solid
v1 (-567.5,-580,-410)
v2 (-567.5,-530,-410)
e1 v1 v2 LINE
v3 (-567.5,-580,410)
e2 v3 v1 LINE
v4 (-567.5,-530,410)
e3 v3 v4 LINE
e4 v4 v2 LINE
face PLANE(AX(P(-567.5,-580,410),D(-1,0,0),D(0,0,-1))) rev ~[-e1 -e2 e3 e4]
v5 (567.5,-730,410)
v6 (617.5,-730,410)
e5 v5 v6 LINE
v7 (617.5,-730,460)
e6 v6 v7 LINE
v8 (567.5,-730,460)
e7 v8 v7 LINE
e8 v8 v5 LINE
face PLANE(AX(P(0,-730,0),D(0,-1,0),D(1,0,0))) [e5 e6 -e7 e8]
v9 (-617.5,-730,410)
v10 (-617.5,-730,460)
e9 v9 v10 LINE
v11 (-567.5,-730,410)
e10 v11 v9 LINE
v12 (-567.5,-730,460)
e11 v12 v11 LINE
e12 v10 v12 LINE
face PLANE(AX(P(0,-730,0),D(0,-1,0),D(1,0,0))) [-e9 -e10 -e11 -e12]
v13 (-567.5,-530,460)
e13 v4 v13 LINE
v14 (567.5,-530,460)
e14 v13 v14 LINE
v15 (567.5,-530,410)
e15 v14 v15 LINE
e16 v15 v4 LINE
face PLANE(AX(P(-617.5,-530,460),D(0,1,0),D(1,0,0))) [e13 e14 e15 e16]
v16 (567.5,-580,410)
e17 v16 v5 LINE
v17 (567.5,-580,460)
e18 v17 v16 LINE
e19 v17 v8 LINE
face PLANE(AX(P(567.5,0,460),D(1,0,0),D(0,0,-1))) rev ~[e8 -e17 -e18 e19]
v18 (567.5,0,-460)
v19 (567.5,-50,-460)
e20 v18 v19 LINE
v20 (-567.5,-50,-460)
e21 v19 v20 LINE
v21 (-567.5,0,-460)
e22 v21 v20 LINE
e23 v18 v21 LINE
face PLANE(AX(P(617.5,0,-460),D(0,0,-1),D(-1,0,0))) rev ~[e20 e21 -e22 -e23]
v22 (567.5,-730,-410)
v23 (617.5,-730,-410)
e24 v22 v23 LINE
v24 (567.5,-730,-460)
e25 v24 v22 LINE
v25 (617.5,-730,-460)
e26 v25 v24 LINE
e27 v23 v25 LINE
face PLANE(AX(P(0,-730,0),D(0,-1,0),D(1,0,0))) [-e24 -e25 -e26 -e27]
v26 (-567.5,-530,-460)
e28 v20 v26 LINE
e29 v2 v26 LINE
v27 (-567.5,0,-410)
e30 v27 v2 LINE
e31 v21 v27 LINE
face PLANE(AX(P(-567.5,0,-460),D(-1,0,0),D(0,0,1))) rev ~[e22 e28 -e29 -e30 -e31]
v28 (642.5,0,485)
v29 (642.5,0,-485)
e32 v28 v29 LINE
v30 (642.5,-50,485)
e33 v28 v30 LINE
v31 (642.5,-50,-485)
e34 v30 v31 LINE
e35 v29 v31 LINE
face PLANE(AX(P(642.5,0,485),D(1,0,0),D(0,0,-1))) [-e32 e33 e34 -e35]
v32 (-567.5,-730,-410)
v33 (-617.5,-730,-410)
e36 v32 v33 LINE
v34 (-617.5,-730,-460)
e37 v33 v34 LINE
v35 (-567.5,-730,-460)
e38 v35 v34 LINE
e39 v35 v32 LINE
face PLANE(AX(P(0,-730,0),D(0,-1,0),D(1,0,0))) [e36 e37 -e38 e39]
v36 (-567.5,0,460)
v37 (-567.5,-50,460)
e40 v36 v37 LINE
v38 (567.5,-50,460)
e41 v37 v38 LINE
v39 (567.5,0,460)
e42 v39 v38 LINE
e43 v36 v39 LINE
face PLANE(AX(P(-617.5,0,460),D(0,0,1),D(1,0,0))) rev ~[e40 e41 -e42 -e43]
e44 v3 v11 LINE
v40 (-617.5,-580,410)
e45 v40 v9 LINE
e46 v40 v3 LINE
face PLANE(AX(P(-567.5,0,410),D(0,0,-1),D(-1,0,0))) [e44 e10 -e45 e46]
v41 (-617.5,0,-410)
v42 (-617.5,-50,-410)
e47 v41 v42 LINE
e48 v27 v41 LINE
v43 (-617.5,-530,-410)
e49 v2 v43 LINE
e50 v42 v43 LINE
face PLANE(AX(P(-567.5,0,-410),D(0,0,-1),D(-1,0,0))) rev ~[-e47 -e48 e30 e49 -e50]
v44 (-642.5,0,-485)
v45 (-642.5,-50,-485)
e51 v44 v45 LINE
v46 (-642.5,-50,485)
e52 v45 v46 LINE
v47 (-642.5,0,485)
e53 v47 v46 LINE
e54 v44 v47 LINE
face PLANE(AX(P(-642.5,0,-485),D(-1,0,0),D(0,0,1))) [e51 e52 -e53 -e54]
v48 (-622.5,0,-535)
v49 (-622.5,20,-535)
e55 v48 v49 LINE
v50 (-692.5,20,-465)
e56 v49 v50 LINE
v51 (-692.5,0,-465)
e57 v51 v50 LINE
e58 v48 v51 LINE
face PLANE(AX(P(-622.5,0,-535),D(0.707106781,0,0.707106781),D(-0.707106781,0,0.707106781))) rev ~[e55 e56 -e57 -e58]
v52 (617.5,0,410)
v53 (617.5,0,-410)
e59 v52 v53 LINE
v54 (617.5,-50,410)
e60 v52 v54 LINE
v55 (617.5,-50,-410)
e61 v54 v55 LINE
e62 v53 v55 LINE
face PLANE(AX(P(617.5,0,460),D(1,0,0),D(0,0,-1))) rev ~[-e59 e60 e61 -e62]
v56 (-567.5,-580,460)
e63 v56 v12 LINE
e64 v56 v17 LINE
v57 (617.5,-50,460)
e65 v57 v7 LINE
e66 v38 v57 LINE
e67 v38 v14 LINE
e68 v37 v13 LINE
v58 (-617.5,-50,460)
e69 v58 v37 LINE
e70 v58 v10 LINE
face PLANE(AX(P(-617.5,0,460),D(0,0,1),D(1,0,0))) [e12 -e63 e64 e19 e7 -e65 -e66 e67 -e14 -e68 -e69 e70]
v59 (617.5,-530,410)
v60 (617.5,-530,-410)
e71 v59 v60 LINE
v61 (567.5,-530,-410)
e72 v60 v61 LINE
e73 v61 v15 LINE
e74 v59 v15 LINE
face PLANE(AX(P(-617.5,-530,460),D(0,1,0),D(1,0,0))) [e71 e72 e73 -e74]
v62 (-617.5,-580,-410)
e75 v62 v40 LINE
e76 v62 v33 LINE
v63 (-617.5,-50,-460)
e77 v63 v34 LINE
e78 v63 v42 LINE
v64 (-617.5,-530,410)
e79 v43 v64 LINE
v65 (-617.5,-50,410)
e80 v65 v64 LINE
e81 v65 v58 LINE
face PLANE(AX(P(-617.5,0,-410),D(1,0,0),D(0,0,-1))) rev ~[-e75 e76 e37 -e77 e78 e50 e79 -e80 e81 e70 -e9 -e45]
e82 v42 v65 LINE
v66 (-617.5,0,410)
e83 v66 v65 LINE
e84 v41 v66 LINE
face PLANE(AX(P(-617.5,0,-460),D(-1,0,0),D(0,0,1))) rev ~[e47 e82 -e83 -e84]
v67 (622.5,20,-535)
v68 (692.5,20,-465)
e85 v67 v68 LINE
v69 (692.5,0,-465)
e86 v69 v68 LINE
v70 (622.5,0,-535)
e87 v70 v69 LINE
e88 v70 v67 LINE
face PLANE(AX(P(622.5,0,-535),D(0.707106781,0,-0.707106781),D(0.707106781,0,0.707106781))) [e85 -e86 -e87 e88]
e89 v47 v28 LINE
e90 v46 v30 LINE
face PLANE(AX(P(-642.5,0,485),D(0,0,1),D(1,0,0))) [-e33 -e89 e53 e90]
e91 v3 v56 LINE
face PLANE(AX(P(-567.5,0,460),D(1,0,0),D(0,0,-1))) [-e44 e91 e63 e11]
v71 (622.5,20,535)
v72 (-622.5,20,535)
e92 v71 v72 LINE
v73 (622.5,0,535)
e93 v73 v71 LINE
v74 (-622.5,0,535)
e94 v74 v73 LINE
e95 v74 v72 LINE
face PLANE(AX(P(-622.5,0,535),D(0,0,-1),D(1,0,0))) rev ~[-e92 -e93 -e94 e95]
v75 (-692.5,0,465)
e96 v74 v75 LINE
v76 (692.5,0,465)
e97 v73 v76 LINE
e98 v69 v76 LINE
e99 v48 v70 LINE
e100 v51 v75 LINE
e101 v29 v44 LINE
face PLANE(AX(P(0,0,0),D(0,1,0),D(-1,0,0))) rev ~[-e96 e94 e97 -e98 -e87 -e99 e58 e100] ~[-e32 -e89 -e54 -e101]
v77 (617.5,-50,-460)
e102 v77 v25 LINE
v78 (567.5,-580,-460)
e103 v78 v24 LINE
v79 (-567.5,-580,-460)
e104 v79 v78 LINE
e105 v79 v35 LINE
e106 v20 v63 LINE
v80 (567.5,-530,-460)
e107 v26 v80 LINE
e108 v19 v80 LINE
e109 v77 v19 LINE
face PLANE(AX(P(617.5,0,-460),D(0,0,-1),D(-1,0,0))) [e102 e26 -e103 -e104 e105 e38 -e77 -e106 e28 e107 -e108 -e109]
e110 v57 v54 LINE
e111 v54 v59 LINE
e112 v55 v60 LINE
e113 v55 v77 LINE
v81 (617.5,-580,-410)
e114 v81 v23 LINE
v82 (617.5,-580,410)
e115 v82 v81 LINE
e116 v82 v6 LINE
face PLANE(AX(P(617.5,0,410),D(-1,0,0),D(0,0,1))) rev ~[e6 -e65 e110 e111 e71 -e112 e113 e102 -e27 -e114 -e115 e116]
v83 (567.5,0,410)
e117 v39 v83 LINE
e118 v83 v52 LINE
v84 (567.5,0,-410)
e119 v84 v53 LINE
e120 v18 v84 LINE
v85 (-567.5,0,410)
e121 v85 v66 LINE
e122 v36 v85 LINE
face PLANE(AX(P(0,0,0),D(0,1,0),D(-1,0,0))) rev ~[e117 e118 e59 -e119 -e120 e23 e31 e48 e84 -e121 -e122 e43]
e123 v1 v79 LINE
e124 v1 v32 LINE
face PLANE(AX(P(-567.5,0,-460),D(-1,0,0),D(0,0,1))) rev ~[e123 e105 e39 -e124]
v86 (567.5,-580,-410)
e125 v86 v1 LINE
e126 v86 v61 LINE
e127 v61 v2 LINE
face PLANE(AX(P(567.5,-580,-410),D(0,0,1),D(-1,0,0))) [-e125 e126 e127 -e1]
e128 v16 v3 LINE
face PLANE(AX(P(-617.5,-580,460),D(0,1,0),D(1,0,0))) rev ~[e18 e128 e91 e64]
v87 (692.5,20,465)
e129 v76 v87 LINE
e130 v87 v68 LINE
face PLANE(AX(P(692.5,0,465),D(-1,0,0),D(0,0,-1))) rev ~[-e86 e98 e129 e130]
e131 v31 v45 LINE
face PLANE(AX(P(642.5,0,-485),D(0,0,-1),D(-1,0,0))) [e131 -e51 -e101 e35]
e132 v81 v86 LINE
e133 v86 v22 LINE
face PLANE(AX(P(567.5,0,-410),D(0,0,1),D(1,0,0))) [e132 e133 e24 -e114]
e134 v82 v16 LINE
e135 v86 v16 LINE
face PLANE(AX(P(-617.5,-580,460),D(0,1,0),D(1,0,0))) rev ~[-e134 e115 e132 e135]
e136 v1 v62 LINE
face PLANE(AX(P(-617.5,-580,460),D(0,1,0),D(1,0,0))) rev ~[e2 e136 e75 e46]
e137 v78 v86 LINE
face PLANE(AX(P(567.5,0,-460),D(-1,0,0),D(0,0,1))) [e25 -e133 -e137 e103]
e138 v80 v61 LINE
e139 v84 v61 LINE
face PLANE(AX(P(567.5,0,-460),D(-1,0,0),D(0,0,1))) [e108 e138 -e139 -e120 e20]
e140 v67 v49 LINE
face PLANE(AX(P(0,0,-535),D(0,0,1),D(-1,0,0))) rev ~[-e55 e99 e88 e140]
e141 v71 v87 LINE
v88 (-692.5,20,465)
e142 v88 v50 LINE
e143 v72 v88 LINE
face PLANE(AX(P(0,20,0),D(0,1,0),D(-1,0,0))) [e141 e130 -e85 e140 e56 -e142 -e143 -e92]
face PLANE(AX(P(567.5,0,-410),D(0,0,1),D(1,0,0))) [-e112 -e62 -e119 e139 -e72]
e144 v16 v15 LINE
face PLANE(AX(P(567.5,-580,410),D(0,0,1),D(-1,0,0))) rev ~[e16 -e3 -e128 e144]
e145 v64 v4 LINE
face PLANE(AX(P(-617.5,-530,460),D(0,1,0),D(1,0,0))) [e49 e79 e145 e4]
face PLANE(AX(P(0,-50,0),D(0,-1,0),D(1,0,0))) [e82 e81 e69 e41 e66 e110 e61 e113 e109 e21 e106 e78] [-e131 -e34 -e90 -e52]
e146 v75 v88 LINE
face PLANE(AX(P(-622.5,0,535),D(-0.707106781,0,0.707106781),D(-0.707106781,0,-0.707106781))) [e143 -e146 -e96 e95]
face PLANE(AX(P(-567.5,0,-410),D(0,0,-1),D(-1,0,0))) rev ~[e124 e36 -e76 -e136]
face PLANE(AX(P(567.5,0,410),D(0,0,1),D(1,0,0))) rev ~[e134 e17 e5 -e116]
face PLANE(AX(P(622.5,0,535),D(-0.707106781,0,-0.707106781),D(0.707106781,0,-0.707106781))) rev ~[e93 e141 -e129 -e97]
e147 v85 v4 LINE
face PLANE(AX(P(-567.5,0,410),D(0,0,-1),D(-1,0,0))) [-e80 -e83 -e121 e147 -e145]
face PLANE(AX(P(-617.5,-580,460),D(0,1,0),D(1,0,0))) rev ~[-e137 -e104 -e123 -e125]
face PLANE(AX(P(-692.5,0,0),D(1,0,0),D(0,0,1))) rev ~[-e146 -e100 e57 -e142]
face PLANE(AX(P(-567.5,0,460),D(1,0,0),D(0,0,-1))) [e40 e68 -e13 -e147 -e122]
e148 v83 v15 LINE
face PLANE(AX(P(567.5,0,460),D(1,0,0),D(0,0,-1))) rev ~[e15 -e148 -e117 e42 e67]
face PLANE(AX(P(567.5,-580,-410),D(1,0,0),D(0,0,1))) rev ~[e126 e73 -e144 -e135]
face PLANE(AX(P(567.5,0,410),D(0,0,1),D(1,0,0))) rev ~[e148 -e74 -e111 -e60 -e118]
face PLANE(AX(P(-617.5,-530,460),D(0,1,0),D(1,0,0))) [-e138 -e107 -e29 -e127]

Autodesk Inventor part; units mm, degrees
ref_plane "YZ Plane" through (0, 0, 0) normal (1, 0, 0) x (0, 1, 0)
ref_plane "XZ Plane" through (0, 0, 0) normal (0, 1, 0) x (-1, 0, 0)
sketch "Boceto1" plane through (0, 0, 0) normal (0, 1, 0) x (-1, 0, 0)
  line L0 (692.5, 535) -> (-692.5, 535)
  line L1 (-692.5, 535) -> (-692.5, -535)
  line L2 (-692.5, -535) -> (692.5, -535)
  line L3 (692.5, -535) -> (692.5, 535)
  line L4 (622.5, 535) -> (692.5, 465)
  line L5 (692.5, 0) -> (-692.5, 0)
  line L6 (0, 535) -> (0, -535)
  line L7 (622.5, -535) -> (692.5, -465)
  line L8 (-622.5, 535) -> (-692.5, 465)
  line L9 (-622.5, -535) -> (-692.5, -465)
  arc A0 (-507.7191, -338.4764) -> (-457.7841, -385.927) centre (-457.7841, -335.927) ccw projected
  line L10 (-457.7841, -385.927) -> (492.0857, -385.927) projected
  arc A1 (492.0857, -385.927) -> (542.0206, -333.3776) centre (492.0857, -335.927) ccw projected
  line L11 (542.0206, -333.3776) -> (507.8137, 336.6224) projected
  arc A2 (507.8137, 336.6224) -> (457.8787, 384.073) centre (457.8787, 334.073) ccw projected
  line L12 (457.8787, 384.073) -> (-491.991, 384.073) projected
  arc A3 (-491.991, 384.073) -> (-541.926, 331.5236) centre (-491.991, 334.073) ccw projected
  line L13 (-541.926, 331.5236) -> (-507.7191, -338.4764) projected
  point P0 (0, 0)
  point P1 (-692.5, -465)
  point P2 (622.5, -535)
  point P3 (692.5, -465)
  dimension "d0" = 1070
  dimension "d1" = 1385
  dimension "d2" = 692.5
  dimension "d3" = 535
  dimension "d4" = 70
  dimension "d5" = 70
  dimension "d27" = 770
extrude "Extrusión1" add sketch "Boceto1" along normal blind 20 contours L4 L3 L5 L11 A2 L12 L6 L0 | L6 L12 A3 L13 L5 L1 L8 L0 | L3 L7 L2 L6 L10 A1 L11 L5 | L12 A2 L11 L5 L6 | L6 L5 L13 A3 L12 | L11 A1 L10 L6 L5 | L6 L10 A0 L13 L5 | L5 L13 A0 L10 L6 L2 L9 L1
sketch "Boceto2" plane through (0, 0, 0) normal (0, -1, 0) x (1, 0, 0)
  line L0 (-642.5, 485) -> (642.5, 485)
  line L1 (642.5, 485) -> (642.5, -485)
  line L2 (642.5, -485) -> (-642.5, -485)
  line L3 (-642.5, -485) -> (-642.5, 485)
  line L4 (-622.5, 535) -> (622.5, 535) projected
  line L5 (-692.5, -465) -> (-692.5, 465) projected
  line L6 (622.5, -535) -> (-622.5, -535) projected
  line L7 (692.5, 465) -> (692.5, -465) projected
  line L8 (-617.5, 460) -> (617.5, 460)
  line L9 (617.5, 460) -> (617.5, -460)
  line L10 (617.5, -460) -> (-617.5, -460)
  line L11 (-617.5, -460) -> (-617.5, 460)
  point P0 (0, 0)
  dimension "d8" = 50
  dimension "d9" = 50
  dimension "d10" = 50
  dimension "d11" = 50
  dimension "d12" = 25
  dimension "d13" = 25
  dimension "d14" = 25
  dimension "d15" = 25
extrude "Extrusión2" add sketch "Boceto2" along normal blind 50
sketch "Boceto3" plane through (0, 0, 0) normal (0, -1, 0) x (1, 0, 0)
  line L0 (-617.5, 460) -> (617.5, 460) projected
  line L1 (-617.5, 460) -> (-567.5, 460)
  line L2 (-567.5, 460) -> (-567.5, 410)
  line L3 (-567.5, 410) -> (-617.5, 410)
  line L4 (-617.5, 410) -> (-617.5, 460)
  line L5 (0, 460) -> (0, -460)
  line L6 (617.5, -460) -> (-617.5, -460) projected
  line L7 (-617.5, 460) -> (-617.5, -460) projected
  line L8 (-617.5, 0) -> (472.5, 0)
  line L9 (617.5, 460) -> (567.5, 460)
  line L10 (567.5, 460) -> (567.5, 410)
  line L11 (567.5, 410) -> (617.5, 410)
  line L12 (617.5, 410) -> (617.5, 460)
  line L13 (-617.5, -460) -> (-567.5, -460)
  line L14 (-567.5, -460) -> (-567.5, -410)
  line L15 (-567.5, -410) -> (-617.5, -410)
  line L16 (-617.5, -410) -> (-617.5, -460)
  line L17 (617.5, -460) -> (567.5, -460)
  line L18 (567.5, -460) -> (567.5, -410)
  line L19 (567.5, -410) -> (617.5, -410)
  line L20 (617.5, -410) -> (617.5, -460)
  point P0 (0, 0)
  point P1 (567.5, 460)
  point P2 (567.5, -460)
  point P3 (-617.5, -410)
  point P4 (-567.5, -460)
  dimension "d18" = 50
  dimension "d19" = 50
extrude "Extrusión3" add sketch "Boceto3" along normal blind 730 contours L0 L12 L11 L10 | L18 L19 L20 L6 | L0 L2 L3 L4 | L15 L14 L6 L7
sketch "Boceto4" plane through (-617.5, -50, 460) normal (0, 0, 1) x (1, 0, 0)
  line L0 (0, 0) -> (0, -680) projected
  line L1 (0, -530) -> (50, -530)
  line L2 (50, 0) -> (50, -680) projected
  line L3 (50, -680) -> (0, -680) projected
  point P0 (617.5, 50)
  dimension "d23" = 150
sketch "Boceto5" plane through (567.5, 0, -410) normal (0, 0, 1) x (1, 0, 0)
  line L0 (0, -50) -> (0, -730) projected
  line L1 (0, -580) -> (50, -580)
  line L2 (50, -50) -> (50, -730) projected
  line L3 (50, -730) -> (0, -730) projected
  point P0 (-567.5, 0)
  dimension "d24" = 150
ref_plane "Plano de trabajo2" through (-617.5, -580, 460) normal (0, 1, 0) x (1, 0, 0)
sketch "Boceto6" plane through (-617.5, -580, 460) normal (0, 1, 0) x (1, 0, 0)
  line L0 (0, 0) -> (50, 0) projected
  line L1 (1235, 50) -> (1185, 50) projected
  line L2 (50, 0) -> (1185, 0)
  line L3 (1185, 0) -> (1185, 50)
  line L4 (1185, 50) -> (50, 50)
  line L5 (50, 50) -> (50, 0)
  line L6 (1185, 50) -> (1185, 0) projected
  line L7 (1235, 50) -> (1235, 870) projected
  line L8 (1185, 50) -> (1235, 50)
  line L9 (1235, 50) -> (1235, 870)
  line L10 (1235, 870) -> (1185, 870)
  line L11 (1185, 870) -> (1185, 50)
  line L12 (1185, 920) -> (1185, 870) projected
  line L13 (50, 870) -> (50, 920) projected
  line L14 (1185, 870) -> (50, 870)
  line L15 (50, 870) -> (50, 920)
  line L16 (50, 920) -> (1185, 920)
  line L17 (1185, 920) -> (1185, 870)
  line L18 (0, 870) -> (0, 50) projected
  line L19 (50, 870) -> (0, 870)
  line L20 (0, 870) -> (0, 50)
  line L21 (0, 50) -> (50, 50)
  line L22 (50, 50) -> (50, 870)
  point P0 (617.5, 460)
  point P1 (50, 50)
  point P2 (50, 50)
  point P3 (50, 870)
  point P4 (50, 870)
  point P5 (0, 870)
extrude "Extrusión4" add sketch "Boceto6" along normal blind 50 contours L1 L11 L10 L7 | L3 L2 L5 L4 | L21 L18 L19 L22 | L14 L13 L16 L12
equation "\"d2\" = 0.5 * d1"
equation "\"d3\" = 0.5 * d0"
equation "\"d9\" = d8"
equation "\"d10\" = d8"
equation "\"d11\" = d9"
equation "\"d13\" = d12"
equation "\"d14\" = d12"
equation "\"d15\" = d12"
equation "\"d18\" = d19"
properties part number "Mesa_Centrado"
